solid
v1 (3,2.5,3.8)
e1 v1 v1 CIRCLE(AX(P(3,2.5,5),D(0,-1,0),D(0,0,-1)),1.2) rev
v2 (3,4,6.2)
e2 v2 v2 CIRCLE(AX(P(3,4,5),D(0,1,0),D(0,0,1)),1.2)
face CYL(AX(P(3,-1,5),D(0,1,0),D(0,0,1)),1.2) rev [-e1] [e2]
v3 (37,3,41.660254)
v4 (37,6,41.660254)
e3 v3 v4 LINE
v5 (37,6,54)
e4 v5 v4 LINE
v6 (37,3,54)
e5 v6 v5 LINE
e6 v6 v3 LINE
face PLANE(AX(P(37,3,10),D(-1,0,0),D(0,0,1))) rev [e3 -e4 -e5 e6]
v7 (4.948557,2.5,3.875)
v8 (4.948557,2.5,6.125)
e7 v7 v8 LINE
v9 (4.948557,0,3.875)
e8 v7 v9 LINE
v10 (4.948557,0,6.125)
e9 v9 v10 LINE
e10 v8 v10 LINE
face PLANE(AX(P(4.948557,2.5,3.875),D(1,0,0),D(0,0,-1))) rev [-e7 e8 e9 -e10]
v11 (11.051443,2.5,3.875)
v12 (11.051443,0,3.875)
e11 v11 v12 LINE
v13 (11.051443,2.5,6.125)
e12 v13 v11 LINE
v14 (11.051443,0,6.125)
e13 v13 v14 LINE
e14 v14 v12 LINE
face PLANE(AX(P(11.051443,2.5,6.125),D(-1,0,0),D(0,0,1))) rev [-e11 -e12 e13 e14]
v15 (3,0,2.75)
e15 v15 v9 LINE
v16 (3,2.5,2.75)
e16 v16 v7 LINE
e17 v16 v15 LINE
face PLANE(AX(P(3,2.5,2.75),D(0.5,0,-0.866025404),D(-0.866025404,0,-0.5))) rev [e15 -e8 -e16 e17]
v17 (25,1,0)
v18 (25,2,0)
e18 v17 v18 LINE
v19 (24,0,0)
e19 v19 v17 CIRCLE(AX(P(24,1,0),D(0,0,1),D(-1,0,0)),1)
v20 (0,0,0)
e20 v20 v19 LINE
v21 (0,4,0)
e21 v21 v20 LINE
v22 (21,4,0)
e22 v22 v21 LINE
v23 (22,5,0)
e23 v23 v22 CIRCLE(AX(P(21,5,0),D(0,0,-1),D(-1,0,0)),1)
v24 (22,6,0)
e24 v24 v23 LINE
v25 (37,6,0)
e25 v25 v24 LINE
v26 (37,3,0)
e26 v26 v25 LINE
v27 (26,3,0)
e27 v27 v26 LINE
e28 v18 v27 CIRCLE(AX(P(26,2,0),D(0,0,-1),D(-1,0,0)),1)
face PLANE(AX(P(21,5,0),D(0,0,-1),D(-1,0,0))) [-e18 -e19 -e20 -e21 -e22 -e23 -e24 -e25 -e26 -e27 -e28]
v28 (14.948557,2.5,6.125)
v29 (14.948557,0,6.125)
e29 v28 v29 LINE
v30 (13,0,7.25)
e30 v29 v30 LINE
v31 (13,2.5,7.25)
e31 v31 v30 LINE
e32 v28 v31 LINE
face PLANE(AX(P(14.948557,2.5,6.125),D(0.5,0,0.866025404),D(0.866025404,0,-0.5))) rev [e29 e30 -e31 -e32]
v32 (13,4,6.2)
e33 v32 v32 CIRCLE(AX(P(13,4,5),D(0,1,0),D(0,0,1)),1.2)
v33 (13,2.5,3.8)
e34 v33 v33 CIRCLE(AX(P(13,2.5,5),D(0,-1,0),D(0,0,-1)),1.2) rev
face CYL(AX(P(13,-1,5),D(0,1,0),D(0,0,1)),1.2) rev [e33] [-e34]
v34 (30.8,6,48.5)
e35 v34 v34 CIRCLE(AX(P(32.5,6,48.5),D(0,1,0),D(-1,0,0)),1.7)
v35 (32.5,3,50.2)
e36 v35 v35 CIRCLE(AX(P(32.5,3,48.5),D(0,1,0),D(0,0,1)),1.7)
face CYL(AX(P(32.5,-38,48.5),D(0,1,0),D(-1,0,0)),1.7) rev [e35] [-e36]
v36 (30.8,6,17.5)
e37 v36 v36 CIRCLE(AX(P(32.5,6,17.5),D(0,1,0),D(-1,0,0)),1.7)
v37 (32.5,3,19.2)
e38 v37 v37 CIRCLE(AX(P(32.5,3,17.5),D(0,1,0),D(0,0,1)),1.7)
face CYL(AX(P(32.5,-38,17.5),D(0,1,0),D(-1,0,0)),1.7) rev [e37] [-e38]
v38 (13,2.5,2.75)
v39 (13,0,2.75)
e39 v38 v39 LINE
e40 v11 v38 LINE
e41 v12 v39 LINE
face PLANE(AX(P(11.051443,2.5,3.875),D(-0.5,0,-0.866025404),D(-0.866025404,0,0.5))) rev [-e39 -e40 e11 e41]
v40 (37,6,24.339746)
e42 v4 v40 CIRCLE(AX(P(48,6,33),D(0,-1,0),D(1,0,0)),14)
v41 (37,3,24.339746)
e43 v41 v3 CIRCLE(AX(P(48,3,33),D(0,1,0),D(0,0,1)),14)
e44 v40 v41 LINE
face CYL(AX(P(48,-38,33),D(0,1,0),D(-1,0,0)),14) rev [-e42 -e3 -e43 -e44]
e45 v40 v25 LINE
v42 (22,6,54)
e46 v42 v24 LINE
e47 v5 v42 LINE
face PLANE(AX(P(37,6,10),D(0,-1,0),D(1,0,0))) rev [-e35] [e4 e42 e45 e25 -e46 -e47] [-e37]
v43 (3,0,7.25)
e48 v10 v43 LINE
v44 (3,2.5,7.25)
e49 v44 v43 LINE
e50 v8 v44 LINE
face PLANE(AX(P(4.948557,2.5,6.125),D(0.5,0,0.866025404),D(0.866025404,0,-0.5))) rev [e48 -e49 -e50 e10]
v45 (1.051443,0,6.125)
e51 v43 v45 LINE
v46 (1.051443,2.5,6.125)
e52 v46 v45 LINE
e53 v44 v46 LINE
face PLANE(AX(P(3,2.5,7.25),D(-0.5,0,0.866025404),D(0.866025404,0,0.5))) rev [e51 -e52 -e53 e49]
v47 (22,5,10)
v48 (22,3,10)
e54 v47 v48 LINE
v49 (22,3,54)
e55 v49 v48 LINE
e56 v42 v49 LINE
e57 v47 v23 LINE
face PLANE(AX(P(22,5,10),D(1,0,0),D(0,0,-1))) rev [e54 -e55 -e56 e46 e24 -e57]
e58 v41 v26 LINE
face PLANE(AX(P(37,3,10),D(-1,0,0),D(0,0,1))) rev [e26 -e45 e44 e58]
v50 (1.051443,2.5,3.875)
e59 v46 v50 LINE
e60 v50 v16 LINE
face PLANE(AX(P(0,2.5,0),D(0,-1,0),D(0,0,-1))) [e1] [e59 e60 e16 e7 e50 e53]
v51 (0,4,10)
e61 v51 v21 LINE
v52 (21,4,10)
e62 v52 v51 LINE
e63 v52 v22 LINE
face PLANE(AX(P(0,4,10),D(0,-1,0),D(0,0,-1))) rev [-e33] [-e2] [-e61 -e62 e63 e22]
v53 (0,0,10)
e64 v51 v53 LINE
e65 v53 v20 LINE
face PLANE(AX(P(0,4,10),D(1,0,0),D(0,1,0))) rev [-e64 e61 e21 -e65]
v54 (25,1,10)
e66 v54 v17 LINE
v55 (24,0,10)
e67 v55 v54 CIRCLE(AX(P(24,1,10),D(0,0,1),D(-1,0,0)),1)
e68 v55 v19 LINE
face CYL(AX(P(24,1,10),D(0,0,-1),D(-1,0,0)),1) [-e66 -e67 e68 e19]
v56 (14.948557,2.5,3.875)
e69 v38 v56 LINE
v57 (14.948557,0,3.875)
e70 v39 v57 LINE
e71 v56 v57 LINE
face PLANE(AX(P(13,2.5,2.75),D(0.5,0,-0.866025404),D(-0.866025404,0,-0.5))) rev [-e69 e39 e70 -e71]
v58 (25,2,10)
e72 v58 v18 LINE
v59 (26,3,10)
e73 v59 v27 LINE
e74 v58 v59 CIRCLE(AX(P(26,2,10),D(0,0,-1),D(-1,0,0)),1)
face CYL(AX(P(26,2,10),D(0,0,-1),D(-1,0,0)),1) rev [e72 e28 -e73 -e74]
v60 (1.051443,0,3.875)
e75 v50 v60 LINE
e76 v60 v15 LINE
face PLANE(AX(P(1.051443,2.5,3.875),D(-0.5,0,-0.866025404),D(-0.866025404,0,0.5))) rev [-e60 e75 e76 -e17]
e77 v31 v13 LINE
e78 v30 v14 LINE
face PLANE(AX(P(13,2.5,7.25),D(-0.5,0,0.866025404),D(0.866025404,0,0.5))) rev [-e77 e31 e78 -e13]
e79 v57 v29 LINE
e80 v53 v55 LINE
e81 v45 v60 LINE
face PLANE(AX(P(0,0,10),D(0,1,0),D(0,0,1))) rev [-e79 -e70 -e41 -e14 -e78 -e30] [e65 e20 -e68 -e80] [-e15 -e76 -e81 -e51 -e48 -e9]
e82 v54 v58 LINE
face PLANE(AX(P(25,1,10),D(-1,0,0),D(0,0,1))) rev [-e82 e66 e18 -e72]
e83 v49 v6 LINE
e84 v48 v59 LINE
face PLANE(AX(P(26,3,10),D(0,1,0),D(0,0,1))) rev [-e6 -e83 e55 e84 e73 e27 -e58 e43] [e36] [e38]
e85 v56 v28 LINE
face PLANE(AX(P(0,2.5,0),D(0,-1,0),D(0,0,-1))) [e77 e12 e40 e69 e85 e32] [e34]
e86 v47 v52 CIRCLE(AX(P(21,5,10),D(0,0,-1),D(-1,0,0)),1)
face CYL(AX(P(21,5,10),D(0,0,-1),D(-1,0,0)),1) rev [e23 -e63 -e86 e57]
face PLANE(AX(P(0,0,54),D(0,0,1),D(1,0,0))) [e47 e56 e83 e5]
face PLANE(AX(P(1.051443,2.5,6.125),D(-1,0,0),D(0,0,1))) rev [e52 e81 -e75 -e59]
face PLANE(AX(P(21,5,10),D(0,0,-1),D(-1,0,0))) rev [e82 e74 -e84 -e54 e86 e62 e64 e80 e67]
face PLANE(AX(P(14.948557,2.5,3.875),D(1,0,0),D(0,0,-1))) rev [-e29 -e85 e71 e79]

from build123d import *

# Parameters (mm, degrees)
SALIENTE_EXTRUIR1_DEPTH = 10
CROQUIS2_W              = 15
CROQUIS2_H              = 3
SALIENTE_EXTRUIR2_DEPTH = 44
CROQUIS3_R              = 14
CROQUIS3_R_2            = 1.7
CORTAR_EXTRUIR1_DEPTH   = 44
CROQUIS4_R              = 1.2
CORTAR_EXTRUIR2_DEPTH   = 5
CORTAR_EXTRUIR3_DEPTH   = 2.5


with BuildPart() as part:
    # Croquis1 → Saliente-Extruir1 (new body)
    with BuildSketch(Plane.XY):
        with BuildLine():
            Line((0, 4), (0, 0))
            Line((0, 0), (24, 0))
            ThreePointArc((24, 0), (24.707106781, 0.292893219), (25, 1))
            Line((25, 1), (25, 2))
            ThreePointArc((25, 2), (25.292893219, 2.707106781), (26, 3))
            Line((26, 3), (37, 3))
            Line((37, 3), (37, 6))
            Line((37, 6), (22, 6))
            Line((22, 6), (22, 5))
            ThreePointArc((22, 5), (21.707106781, 4.292893219), (21, 4))
            Line((21, 4), (0, 4))
        make_face()
    extrude(amount=SALIENTE_EXTRUIR1_DEPTH)

    # Croquis2 → Saliente-Extruir2 (add)
    with BuildSketch(Plane.XY.offset(10)):
        with Locations((29.5, 4.5)):
            Rectangle(CROQUIS2_W, CROQUIS2_H)
    extrude(amount=SALIENTE_EXTRUIR2_DEPTH)

    # Croquis3 → Cortar-Extruir1 (cut)
    with BuildSketch(Plane(origin=(0, 6, 0), x_dir=(1, 0, 0), z_dir=(0, 1, 0))):
        with Locations((48, -33)):
            Circle(CROQUIS3_R)
        with Locations((32.5, -17.5)):
            Circle(CROQUIS3_R_2)
        with Locations((32.5, -48.5)):
            Circle(CROQUIS3_R_2)
    extrude(amount=-CORTAR_EXTRUIR1_DEPTH, mode=Mode.SUBTRACT)

    # Croquis4 → Cortar-Extruir2 (cut)
    with BuildSketch(Plane(origin=(0, 4, 0), x_dir=(1, 0, 0), z_dir=(0, 1, 0))):
        with Locations((13, -5)):
            Circle(CROQUIS4_R)
        with Locations((3, -5)):
            Circle(CROQUIS4_R)
    extrude(amount=-CORTAR_EXTRUIR2_DEPTH, mode=Mode.SUBTRACT)

    # Croquis5 → Cortar-Extruir3 (cut)
    with BuildSketch(Plane.XZ):
        Polygon((3, 7.25), (1.051442841, 6.125), (1.051442841, 3.875), (3, 2.75), (4.948557159, 3.875), (4.948557159, 6.125), align=None)
        Polygon((13, 7.25), (11.051442841, 6.125), (11.051442841, 3.875), (13, 2.75), (14.948557159, 3.875), (14.948557159, 6.125), align=None)
    extrude(amount=-CORTAR_EXTRUIR3_DEPTH, mode=Mode.SUBTRACT)


solid = part.part
